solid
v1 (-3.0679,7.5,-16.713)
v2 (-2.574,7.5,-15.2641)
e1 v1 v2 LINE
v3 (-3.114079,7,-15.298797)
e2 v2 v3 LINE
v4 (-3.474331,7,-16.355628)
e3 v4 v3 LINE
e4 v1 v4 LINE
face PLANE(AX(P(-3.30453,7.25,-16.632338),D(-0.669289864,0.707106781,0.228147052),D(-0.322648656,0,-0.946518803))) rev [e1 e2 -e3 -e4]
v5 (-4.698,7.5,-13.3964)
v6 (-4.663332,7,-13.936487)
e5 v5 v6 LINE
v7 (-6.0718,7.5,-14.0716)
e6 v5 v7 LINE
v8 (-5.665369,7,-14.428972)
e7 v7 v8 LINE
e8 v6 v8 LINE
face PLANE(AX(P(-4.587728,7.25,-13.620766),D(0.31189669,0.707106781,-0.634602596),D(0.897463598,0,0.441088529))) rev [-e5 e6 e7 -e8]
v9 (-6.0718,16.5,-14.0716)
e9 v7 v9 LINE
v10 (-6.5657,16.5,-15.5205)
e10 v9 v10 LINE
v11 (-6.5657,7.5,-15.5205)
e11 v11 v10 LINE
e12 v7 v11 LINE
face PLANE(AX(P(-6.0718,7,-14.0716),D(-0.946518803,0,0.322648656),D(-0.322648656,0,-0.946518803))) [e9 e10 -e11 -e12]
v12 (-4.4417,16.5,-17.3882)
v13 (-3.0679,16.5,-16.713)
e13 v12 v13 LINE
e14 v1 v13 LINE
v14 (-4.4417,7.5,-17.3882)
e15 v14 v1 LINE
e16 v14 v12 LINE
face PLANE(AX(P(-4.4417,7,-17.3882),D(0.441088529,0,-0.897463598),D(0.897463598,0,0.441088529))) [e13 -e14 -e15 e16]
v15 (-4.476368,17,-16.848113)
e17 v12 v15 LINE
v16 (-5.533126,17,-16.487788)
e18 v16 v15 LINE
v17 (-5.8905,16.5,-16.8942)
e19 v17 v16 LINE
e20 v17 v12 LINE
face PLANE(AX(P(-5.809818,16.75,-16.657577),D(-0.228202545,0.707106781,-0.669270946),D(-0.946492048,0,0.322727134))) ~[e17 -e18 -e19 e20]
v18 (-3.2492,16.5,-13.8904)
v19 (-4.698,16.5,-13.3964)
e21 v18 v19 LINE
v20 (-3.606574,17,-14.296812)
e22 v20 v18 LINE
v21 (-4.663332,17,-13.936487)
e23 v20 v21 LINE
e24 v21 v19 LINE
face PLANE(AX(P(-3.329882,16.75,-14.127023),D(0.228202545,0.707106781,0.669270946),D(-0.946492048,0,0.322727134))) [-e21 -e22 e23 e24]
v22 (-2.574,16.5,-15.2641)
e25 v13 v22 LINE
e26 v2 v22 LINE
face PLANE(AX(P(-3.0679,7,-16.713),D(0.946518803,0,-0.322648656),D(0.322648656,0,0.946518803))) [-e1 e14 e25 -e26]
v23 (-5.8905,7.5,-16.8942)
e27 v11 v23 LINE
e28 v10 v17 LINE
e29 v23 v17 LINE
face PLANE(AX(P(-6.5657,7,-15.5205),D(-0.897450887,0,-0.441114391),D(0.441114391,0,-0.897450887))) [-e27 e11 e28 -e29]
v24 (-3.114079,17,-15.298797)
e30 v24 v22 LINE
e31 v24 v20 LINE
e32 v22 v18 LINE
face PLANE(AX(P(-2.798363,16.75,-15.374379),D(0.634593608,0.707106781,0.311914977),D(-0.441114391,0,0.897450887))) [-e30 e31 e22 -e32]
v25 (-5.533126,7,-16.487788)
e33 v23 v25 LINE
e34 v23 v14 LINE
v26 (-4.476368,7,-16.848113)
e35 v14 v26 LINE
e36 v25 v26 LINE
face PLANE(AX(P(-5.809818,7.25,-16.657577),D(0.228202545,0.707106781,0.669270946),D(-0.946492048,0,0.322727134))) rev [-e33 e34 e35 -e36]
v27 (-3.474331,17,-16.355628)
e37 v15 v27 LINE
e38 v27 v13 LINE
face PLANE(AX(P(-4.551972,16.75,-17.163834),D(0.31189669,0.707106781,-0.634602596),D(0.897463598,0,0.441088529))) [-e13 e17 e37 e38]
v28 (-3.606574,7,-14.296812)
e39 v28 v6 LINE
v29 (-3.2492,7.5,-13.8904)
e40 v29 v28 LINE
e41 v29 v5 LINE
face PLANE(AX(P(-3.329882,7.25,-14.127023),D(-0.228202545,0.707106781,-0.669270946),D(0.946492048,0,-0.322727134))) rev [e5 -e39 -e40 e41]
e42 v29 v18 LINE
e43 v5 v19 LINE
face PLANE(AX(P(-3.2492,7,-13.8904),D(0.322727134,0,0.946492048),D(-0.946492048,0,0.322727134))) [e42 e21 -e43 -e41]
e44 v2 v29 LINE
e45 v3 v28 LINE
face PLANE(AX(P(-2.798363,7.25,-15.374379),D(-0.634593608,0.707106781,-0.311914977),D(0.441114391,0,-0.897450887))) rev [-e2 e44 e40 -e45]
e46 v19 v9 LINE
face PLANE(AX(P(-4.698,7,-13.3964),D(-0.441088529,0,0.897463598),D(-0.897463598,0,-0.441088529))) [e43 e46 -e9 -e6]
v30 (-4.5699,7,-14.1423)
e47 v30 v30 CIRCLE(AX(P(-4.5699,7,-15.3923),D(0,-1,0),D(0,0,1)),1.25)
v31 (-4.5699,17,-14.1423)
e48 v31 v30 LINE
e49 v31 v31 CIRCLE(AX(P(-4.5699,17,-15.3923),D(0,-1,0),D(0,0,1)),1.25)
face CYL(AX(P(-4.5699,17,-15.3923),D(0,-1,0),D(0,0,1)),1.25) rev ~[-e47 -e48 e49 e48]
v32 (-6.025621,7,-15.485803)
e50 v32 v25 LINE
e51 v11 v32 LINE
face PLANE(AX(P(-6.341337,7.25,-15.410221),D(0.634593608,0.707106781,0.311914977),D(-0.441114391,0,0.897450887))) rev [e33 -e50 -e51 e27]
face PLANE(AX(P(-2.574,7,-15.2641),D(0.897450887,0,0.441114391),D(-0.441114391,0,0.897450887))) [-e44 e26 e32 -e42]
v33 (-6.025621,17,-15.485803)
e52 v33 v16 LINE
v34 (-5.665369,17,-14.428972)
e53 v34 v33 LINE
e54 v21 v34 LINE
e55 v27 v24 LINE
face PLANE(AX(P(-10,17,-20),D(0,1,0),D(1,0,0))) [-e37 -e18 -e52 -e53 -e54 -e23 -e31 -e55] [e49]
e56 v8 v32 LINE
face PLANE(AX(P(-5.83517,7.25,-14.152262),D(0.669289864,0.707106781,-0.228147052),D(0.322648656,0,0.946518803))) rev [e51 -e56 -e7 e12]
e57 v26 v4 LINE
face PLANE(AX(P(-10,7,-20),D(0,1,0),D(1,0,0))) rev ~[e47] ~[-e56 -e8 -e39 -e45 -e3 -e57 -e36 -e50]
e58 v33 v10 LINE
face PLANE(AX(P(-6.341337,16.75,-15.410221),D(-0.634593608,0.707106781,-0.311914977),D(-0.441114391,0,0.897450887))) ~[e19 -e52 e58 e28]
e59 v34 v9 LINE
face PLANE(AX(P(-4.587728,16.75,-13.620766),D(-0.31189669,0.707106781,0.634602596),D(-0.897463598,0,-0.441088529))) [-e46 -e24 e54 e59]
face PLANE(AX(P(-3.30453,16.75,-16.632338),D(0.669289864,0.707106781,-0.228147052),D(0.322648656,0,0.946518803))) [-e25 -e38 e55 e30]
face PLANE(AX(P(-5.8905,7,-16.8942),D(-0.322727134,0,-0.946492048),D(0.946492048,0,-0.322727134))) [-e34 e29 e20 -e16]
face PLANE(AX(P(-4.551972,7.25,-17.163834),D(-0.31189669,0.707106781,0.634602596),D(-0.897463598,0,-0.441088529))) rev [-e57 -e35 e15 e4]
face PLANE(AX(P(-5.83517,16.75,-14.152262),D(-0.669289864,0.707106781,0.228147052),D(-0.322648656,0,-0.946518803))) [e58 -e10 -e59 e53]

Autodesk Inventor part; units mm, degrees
ref_plane "YZ Plane" through (0, 0, 0) normal (1, 0, 0) x (0, 1, 0)
ref_plane "XZ Plane" through (0, 0, 0) normal (0, 1, 0) x (-1, 0, 0)
ref_plane "XY Plane" through (0, 0, 0) normal (0, 0, 1) x (1, 0, 0)
ref_plane "Work Plane1" through (-10, 7, -20) normal (0, 1, 0) x (1, 0, 0)
sketch "Sketch3" plane through (-10, 7, -20) normal (0, 1, 0) x (1, 0, 0)
  circle A0 centre (5.4301, -4.6077) radius 2 construction
  line L0 (4.1095, -3.1058) -> (5.5583, -2.6118)
  line L1 (5.5583, -2.6118) -> (6.9321, -3.287)
  line L2 (6.9321, -3.287) -> (7.426, -4.7359)
  line L3 (7.426, -4.7359) -> (6.7508, -6.1096)
  line L4 (6.7508, -6.1096) -> (5.302, -6.6036)
  line L5 (5.302, -6.6036) -> (3.9282, -5.9284)
  line L6 (3.9282, -5.9284) -> (3.4343, -4.4795)
  line L7 (3.4343, -4.4795) -> (4.1095, -3.1058)
  point P0 (10, -20)
extrude "Extrusion1" add sketch "Sketch3" along normal blind 10
chamfer "Chamfer1" distance 0.5 angle 45 8 edges at (-3.9736, 7, -13.6434) (-2.9116, 7, -14.5772) (-2.8209, 7, -15.9886) (-3.7548, 7, -17.0506) (-5.1661, 7, -17.1412) (-6.2281, 7, -16.2073) (-6.3188, 7, -14.796) (-5.3849, 7, -13.734)
chamfer "Chamfer2" distance 0.5 angle 45 8 edges at (-5.3849, 17, -13.734) (-3.9736, 17, -13.6434) (-6.3188, 17, -14.796) (-6.2281, 17, -16.2073) (-5.1661, 17, -17.1412) (-3.7548, 17, -17.0506) (-2.8209, 17, -15.9886) (-2.9116, 17, -14.5772)
sketch "Sketch4" plane through (-10, 17, -20) normal (0, 1, 0) x (1, 0, 0)
  line L0 (5.5236, -3.1519) -> (6.5257, -3.6444) construction
  line L1 (4.4668, -3.5122) -> (5.5236, -3.1519) construction
  line L2 (3.9743, -4.5142) -> (4.4668, -3.5122) construction
  line L3 (4.3346, -5.571) -> (3.9743, -4.5142) construction
  line L4 (5.3367, -6.0635) -> (4.3346, -5.571) construction
  line L5 (6.3935, -5.7032) -> (5.3367, -6.0635) construction
  line L6 (6.886, -4.7012) -> (6.3935, -5.7032) construction
  line L7 (6.5257, -3.6444) -> (6.886, -4.7012) construction
  point P0 (10, -20)
  point P1 (5.4301, -4.6077)
hole "Hole1" at (-4.5699, 17, -15.3923) direction (0, -1, 0) diameter 2.5 end through all
properties part number "pin_oct_4mm"
